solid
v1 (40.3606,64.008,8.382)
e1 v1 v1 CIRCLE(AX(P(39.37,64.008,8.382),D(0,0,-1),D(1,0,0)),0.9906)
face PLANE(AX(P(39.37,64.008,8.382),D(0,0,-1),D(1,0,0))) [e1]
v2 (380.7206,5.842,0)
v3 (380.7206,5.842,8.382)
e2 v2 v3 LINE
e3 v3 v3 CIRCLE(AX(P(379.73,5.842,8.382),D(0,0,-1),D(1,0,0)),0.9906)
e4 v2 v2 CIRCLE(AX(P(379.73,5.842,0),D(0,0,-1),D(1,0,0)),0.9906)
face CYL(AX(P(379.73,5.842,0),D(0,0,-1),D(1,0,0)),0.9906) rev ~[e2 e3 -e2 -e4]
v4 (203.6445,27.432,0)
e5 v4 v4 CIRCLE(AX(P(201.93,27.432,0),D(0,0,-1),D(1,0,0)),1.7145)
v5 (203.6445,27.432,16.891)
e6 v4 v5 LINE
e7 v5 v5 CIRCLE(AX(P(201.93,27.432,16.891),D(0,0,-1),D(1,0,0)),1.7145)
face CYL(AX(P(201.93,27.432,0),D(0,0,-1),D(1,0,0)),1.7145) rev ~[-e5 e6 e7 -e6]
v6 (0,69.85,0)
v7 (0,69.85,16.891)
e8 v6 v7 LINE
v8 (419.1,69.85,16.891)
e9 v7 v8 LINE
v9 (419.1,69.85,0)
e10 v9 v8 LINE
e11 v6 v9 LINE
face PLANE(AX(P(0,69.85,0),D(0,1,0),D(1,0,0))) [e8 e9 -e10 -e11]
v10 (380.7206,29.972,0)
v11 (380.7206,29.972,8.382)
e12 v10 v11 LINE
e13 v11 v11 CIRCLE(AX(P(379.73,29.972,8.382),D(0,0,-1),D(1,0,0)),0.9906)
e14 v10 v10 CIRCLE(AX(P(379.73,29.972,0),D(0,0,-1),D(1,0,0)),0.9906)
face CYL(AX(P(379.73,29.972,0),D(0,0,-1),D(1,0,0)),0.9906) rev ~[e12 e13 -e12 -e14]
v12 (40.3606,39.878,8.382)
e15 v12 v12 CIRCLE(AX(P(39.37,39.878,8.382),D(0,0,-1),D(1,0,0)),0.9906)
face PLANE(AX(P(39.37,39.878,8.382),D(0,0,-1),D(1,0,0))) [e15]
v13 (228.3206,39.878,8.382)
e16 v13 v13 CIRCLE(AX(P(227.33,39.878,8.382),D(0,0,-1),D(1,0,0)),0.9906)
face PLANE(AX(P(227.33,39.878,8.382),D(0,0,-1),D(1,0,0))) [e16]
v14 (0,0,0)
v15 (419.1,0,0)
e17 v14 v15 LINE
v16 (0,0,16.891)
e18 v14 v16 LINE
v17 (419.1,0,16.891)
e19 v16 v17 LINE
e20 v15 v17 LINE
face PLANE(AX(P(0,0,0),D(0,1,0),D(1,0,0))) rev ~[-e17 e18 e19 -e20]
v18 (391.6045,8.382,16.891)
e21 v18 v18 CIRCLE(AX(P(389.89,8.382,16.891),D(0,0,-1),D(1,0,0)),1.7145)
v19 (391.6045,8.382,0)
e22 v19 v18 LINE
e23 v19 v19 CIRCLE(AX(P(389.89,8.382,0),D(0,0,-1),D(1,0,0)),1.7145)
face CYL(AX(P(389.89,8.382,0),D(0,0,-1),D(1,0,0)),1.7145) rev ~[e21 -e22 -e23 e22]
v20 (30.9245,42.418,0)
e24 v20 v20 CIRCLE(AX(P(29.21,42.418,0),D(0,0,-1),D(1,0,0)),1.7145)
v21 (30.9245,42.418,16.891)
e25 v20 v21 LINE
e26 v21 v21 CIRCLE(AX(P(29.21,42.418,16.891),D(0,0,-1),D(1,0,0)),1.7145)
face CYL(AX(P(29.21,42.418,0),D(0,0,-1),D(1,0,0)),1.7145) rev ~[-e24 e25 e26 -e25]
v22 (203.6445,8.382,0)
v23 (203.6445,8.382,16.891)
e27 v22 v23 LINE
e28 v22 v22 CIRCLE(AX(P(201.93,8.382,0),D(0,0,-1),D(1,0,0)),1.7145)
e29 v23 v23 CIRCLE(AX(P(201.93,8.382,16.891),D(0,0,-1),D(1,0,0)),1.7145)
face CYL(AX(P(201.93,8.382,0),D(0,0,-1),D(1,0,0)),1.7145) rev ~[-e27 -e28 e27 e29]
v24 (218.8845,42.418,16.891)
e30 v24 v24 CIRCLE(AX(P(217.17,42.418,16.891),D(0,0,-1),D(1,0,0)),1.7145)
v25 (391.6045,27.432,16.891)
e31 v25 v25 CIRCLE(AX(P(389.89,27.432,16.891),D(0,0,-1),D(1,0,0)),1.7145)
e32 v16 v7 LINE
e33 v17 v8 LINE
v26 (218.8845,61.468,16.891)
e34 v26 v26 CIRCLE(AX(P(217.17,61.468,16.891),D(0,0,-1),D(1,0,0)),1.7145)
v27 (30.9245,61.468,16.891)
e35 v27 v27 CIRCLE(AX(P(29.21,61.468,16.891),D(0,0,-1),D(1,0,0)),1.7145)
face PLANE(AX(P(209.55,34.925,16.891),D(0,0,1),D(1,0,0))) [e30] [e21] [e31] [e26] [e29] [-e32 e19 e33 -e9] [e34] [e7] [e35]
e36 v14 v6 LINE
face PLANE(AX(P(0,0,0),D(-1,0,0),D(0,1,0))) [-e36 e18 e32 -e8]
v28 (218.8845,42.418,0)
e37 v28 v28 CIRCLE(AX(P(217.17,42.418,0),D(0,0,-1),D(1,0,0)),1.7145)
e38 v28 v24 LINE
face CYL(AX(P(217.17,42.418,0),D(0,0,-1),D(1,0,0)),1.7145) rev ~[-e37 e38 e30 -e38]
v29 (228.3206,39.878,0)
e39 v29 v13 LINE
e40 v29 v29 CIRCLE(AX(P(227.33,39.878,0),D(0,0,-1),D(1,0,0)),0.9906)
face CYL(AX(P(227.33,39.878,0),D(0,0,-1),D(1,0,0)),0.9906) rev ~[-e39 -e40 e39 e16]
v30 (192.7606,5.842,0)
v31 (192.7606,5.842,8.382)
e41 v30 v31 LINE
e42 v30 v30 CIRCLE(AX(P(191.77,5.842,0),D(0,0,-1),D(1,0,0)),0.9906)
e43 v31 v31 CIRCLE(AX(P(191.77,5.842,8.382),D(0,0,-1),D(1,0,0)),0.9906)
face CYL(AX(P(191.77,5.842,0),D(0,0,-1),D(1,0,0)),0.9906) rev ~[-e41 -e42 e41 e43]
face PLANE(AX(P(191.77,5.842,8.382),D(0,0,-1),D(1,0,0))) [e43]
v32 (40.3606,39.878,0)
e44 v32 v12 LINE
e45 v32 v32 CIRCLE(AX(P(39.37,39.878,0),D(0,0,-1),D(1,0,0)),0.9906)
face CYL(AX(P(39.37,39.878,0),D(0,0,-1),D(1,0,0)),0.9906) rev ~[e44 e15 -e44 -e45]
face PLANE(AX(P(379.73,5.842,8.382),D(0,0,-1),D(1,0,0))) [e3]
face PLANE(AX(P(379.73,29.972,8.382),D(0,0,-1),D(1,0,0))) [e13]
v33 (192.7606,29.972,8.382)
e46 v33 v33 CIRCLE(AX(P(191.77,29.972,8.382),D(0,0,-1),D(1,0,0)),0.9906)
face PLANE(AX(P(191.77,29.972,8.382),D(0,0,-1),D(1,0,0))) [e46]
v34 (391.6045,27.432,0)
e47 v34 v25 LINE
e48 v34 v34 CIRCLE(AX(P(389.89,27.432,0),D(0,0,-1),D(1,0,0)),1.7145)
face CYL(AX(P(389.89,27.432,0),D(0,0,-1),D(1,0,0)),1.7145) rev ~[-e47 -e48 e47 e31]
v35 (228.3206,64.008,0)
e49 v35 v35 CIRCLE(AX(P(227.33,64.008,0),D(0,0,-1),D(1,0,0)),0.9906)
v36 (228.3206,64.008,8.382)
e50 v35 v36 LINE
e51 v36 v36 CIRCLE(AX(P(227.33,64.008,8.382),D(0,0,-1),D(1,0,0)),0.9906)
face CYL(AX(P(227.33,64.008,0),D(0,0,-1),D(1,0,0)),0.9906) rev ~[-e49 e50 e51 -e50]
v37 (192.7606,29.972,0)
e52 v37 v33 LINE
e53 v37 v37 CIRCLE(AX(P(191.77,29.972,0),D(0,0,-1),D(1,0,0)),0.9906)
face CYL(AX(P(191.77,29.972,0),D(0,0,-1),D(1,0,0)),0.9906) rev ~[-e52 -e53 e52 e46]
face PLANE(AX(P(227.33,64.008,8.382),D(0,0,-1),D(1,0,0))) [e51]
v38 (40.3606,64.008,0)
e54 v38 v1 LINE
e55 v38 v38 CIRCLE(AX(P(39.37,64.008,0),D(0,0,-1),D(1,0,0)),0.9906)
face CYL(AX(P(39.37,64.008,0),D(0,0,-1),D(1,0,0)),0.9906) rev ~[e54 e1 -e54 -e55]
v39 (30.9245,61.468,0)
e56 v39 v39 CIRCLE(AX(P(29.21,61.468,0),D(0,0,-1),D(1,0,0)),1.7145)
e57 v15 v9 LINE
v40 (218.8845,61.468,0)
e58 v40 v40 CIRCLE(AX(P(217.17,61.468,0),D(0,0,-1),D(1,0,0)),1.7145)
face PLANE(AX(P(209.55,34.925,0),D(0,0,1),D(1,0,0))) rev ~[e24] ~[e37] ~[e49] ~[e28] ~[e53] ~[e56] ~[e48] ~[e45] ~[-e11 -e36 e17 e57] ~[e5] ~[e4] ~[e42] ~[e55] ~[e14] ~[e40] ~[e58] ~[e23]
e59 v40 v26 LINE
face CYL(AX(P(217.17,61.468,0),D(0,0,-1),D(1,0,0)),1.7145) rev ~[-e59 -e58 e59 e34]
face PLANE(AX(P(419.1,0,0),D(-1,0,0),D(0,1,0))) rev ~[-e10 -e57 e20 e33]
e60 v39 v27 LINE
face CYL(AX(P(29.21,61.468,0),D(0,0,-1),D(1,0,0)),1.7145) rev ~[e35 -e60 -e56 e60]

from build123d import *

# Parameters (mm, degrees)
F0_W     = 419.1
F0_H     = 69.85
F1_DEPTH = 16.891
F2_R     = 0.9906
F3_DEPTH = 8.382
F4_R     = 1.7145
F5_DEPTH = 25.4


with BuildPart() as f1:
    # F0 (on Top) → F1 (new body)
    with BuildSketch(Plane.XY):
        with Locations((209.55, 34.925)):
            Rectangle(F0_W, F0_H)
    extrude(amount=F1_DEPTH)

    # F2 (on face) → F3 (cut)
    with BuildSketch(Plane(origin=(0, 0, 0), x_dir=(1, 0, 0), z_dir=(0, 0, -1))):
        with Locations((379.73, -5.842)):
            Circle(F2_R)
        with Locations((379.73, -29.972)):
            Circle(F2_R)
        with Locations((227.33, -39.878)):
            Circle(F2_R)
        with Locations((227.33, -64.008)):
            Circle(F2_R)
        with Locations((39.37, -64.008)):
            Circle(F2_R)
        with Locations((191.77, -29.972)):
            Circle(F2_R)
        with Locations((39.37, -39.878)):
            Circle(F2_R)
        with Locations((191.77, -5.842)):
            Circle(F2_R)
    extrude(amount=-F3_DEPTH, mode=Mode.SUBTRACT)

    # F4 (on face) → F5 (cut)
    with BuildSketch(Plane(origin=(0, 0, 0), x_dir=(1, 0, 0), z_dir=(0, 0, -1))):
        with Locations((389.89, -8.382)):
            Circle(F4_R)
        with Locations((389.89, -27.432)):
            Circle(F4_R)
        with Locations((217.17, -42.418)):
            Circle(F4_R)
        with Locations((217.17, -61.468)):
            Circle(F4_R)
        with Locations((29.21, -42.418)):
            Circle(F4_R)
        with Locations((29.21, -61.468)):
            Circle(F4_R)
        with Locations((201.93, -27.432)):
            Circle(F4_R)
        with Locations((201.93, -8.382)):
            Circle(F4_R)
        with Locations((-173.99, -42.418)):
            Circle(F4_R)
        with Locations((-173.99, -61.468)):
            Circle(F4_R)
        with Locations((-377.19, -42.418)):
            Circle(F4_R)
        with Locations((-377.19, -61.468)):
            Circle(F4_R)
    extrude(amount=-F5_DEPTH, mode=Mode.SUBTRACT)


solid = f1.part
